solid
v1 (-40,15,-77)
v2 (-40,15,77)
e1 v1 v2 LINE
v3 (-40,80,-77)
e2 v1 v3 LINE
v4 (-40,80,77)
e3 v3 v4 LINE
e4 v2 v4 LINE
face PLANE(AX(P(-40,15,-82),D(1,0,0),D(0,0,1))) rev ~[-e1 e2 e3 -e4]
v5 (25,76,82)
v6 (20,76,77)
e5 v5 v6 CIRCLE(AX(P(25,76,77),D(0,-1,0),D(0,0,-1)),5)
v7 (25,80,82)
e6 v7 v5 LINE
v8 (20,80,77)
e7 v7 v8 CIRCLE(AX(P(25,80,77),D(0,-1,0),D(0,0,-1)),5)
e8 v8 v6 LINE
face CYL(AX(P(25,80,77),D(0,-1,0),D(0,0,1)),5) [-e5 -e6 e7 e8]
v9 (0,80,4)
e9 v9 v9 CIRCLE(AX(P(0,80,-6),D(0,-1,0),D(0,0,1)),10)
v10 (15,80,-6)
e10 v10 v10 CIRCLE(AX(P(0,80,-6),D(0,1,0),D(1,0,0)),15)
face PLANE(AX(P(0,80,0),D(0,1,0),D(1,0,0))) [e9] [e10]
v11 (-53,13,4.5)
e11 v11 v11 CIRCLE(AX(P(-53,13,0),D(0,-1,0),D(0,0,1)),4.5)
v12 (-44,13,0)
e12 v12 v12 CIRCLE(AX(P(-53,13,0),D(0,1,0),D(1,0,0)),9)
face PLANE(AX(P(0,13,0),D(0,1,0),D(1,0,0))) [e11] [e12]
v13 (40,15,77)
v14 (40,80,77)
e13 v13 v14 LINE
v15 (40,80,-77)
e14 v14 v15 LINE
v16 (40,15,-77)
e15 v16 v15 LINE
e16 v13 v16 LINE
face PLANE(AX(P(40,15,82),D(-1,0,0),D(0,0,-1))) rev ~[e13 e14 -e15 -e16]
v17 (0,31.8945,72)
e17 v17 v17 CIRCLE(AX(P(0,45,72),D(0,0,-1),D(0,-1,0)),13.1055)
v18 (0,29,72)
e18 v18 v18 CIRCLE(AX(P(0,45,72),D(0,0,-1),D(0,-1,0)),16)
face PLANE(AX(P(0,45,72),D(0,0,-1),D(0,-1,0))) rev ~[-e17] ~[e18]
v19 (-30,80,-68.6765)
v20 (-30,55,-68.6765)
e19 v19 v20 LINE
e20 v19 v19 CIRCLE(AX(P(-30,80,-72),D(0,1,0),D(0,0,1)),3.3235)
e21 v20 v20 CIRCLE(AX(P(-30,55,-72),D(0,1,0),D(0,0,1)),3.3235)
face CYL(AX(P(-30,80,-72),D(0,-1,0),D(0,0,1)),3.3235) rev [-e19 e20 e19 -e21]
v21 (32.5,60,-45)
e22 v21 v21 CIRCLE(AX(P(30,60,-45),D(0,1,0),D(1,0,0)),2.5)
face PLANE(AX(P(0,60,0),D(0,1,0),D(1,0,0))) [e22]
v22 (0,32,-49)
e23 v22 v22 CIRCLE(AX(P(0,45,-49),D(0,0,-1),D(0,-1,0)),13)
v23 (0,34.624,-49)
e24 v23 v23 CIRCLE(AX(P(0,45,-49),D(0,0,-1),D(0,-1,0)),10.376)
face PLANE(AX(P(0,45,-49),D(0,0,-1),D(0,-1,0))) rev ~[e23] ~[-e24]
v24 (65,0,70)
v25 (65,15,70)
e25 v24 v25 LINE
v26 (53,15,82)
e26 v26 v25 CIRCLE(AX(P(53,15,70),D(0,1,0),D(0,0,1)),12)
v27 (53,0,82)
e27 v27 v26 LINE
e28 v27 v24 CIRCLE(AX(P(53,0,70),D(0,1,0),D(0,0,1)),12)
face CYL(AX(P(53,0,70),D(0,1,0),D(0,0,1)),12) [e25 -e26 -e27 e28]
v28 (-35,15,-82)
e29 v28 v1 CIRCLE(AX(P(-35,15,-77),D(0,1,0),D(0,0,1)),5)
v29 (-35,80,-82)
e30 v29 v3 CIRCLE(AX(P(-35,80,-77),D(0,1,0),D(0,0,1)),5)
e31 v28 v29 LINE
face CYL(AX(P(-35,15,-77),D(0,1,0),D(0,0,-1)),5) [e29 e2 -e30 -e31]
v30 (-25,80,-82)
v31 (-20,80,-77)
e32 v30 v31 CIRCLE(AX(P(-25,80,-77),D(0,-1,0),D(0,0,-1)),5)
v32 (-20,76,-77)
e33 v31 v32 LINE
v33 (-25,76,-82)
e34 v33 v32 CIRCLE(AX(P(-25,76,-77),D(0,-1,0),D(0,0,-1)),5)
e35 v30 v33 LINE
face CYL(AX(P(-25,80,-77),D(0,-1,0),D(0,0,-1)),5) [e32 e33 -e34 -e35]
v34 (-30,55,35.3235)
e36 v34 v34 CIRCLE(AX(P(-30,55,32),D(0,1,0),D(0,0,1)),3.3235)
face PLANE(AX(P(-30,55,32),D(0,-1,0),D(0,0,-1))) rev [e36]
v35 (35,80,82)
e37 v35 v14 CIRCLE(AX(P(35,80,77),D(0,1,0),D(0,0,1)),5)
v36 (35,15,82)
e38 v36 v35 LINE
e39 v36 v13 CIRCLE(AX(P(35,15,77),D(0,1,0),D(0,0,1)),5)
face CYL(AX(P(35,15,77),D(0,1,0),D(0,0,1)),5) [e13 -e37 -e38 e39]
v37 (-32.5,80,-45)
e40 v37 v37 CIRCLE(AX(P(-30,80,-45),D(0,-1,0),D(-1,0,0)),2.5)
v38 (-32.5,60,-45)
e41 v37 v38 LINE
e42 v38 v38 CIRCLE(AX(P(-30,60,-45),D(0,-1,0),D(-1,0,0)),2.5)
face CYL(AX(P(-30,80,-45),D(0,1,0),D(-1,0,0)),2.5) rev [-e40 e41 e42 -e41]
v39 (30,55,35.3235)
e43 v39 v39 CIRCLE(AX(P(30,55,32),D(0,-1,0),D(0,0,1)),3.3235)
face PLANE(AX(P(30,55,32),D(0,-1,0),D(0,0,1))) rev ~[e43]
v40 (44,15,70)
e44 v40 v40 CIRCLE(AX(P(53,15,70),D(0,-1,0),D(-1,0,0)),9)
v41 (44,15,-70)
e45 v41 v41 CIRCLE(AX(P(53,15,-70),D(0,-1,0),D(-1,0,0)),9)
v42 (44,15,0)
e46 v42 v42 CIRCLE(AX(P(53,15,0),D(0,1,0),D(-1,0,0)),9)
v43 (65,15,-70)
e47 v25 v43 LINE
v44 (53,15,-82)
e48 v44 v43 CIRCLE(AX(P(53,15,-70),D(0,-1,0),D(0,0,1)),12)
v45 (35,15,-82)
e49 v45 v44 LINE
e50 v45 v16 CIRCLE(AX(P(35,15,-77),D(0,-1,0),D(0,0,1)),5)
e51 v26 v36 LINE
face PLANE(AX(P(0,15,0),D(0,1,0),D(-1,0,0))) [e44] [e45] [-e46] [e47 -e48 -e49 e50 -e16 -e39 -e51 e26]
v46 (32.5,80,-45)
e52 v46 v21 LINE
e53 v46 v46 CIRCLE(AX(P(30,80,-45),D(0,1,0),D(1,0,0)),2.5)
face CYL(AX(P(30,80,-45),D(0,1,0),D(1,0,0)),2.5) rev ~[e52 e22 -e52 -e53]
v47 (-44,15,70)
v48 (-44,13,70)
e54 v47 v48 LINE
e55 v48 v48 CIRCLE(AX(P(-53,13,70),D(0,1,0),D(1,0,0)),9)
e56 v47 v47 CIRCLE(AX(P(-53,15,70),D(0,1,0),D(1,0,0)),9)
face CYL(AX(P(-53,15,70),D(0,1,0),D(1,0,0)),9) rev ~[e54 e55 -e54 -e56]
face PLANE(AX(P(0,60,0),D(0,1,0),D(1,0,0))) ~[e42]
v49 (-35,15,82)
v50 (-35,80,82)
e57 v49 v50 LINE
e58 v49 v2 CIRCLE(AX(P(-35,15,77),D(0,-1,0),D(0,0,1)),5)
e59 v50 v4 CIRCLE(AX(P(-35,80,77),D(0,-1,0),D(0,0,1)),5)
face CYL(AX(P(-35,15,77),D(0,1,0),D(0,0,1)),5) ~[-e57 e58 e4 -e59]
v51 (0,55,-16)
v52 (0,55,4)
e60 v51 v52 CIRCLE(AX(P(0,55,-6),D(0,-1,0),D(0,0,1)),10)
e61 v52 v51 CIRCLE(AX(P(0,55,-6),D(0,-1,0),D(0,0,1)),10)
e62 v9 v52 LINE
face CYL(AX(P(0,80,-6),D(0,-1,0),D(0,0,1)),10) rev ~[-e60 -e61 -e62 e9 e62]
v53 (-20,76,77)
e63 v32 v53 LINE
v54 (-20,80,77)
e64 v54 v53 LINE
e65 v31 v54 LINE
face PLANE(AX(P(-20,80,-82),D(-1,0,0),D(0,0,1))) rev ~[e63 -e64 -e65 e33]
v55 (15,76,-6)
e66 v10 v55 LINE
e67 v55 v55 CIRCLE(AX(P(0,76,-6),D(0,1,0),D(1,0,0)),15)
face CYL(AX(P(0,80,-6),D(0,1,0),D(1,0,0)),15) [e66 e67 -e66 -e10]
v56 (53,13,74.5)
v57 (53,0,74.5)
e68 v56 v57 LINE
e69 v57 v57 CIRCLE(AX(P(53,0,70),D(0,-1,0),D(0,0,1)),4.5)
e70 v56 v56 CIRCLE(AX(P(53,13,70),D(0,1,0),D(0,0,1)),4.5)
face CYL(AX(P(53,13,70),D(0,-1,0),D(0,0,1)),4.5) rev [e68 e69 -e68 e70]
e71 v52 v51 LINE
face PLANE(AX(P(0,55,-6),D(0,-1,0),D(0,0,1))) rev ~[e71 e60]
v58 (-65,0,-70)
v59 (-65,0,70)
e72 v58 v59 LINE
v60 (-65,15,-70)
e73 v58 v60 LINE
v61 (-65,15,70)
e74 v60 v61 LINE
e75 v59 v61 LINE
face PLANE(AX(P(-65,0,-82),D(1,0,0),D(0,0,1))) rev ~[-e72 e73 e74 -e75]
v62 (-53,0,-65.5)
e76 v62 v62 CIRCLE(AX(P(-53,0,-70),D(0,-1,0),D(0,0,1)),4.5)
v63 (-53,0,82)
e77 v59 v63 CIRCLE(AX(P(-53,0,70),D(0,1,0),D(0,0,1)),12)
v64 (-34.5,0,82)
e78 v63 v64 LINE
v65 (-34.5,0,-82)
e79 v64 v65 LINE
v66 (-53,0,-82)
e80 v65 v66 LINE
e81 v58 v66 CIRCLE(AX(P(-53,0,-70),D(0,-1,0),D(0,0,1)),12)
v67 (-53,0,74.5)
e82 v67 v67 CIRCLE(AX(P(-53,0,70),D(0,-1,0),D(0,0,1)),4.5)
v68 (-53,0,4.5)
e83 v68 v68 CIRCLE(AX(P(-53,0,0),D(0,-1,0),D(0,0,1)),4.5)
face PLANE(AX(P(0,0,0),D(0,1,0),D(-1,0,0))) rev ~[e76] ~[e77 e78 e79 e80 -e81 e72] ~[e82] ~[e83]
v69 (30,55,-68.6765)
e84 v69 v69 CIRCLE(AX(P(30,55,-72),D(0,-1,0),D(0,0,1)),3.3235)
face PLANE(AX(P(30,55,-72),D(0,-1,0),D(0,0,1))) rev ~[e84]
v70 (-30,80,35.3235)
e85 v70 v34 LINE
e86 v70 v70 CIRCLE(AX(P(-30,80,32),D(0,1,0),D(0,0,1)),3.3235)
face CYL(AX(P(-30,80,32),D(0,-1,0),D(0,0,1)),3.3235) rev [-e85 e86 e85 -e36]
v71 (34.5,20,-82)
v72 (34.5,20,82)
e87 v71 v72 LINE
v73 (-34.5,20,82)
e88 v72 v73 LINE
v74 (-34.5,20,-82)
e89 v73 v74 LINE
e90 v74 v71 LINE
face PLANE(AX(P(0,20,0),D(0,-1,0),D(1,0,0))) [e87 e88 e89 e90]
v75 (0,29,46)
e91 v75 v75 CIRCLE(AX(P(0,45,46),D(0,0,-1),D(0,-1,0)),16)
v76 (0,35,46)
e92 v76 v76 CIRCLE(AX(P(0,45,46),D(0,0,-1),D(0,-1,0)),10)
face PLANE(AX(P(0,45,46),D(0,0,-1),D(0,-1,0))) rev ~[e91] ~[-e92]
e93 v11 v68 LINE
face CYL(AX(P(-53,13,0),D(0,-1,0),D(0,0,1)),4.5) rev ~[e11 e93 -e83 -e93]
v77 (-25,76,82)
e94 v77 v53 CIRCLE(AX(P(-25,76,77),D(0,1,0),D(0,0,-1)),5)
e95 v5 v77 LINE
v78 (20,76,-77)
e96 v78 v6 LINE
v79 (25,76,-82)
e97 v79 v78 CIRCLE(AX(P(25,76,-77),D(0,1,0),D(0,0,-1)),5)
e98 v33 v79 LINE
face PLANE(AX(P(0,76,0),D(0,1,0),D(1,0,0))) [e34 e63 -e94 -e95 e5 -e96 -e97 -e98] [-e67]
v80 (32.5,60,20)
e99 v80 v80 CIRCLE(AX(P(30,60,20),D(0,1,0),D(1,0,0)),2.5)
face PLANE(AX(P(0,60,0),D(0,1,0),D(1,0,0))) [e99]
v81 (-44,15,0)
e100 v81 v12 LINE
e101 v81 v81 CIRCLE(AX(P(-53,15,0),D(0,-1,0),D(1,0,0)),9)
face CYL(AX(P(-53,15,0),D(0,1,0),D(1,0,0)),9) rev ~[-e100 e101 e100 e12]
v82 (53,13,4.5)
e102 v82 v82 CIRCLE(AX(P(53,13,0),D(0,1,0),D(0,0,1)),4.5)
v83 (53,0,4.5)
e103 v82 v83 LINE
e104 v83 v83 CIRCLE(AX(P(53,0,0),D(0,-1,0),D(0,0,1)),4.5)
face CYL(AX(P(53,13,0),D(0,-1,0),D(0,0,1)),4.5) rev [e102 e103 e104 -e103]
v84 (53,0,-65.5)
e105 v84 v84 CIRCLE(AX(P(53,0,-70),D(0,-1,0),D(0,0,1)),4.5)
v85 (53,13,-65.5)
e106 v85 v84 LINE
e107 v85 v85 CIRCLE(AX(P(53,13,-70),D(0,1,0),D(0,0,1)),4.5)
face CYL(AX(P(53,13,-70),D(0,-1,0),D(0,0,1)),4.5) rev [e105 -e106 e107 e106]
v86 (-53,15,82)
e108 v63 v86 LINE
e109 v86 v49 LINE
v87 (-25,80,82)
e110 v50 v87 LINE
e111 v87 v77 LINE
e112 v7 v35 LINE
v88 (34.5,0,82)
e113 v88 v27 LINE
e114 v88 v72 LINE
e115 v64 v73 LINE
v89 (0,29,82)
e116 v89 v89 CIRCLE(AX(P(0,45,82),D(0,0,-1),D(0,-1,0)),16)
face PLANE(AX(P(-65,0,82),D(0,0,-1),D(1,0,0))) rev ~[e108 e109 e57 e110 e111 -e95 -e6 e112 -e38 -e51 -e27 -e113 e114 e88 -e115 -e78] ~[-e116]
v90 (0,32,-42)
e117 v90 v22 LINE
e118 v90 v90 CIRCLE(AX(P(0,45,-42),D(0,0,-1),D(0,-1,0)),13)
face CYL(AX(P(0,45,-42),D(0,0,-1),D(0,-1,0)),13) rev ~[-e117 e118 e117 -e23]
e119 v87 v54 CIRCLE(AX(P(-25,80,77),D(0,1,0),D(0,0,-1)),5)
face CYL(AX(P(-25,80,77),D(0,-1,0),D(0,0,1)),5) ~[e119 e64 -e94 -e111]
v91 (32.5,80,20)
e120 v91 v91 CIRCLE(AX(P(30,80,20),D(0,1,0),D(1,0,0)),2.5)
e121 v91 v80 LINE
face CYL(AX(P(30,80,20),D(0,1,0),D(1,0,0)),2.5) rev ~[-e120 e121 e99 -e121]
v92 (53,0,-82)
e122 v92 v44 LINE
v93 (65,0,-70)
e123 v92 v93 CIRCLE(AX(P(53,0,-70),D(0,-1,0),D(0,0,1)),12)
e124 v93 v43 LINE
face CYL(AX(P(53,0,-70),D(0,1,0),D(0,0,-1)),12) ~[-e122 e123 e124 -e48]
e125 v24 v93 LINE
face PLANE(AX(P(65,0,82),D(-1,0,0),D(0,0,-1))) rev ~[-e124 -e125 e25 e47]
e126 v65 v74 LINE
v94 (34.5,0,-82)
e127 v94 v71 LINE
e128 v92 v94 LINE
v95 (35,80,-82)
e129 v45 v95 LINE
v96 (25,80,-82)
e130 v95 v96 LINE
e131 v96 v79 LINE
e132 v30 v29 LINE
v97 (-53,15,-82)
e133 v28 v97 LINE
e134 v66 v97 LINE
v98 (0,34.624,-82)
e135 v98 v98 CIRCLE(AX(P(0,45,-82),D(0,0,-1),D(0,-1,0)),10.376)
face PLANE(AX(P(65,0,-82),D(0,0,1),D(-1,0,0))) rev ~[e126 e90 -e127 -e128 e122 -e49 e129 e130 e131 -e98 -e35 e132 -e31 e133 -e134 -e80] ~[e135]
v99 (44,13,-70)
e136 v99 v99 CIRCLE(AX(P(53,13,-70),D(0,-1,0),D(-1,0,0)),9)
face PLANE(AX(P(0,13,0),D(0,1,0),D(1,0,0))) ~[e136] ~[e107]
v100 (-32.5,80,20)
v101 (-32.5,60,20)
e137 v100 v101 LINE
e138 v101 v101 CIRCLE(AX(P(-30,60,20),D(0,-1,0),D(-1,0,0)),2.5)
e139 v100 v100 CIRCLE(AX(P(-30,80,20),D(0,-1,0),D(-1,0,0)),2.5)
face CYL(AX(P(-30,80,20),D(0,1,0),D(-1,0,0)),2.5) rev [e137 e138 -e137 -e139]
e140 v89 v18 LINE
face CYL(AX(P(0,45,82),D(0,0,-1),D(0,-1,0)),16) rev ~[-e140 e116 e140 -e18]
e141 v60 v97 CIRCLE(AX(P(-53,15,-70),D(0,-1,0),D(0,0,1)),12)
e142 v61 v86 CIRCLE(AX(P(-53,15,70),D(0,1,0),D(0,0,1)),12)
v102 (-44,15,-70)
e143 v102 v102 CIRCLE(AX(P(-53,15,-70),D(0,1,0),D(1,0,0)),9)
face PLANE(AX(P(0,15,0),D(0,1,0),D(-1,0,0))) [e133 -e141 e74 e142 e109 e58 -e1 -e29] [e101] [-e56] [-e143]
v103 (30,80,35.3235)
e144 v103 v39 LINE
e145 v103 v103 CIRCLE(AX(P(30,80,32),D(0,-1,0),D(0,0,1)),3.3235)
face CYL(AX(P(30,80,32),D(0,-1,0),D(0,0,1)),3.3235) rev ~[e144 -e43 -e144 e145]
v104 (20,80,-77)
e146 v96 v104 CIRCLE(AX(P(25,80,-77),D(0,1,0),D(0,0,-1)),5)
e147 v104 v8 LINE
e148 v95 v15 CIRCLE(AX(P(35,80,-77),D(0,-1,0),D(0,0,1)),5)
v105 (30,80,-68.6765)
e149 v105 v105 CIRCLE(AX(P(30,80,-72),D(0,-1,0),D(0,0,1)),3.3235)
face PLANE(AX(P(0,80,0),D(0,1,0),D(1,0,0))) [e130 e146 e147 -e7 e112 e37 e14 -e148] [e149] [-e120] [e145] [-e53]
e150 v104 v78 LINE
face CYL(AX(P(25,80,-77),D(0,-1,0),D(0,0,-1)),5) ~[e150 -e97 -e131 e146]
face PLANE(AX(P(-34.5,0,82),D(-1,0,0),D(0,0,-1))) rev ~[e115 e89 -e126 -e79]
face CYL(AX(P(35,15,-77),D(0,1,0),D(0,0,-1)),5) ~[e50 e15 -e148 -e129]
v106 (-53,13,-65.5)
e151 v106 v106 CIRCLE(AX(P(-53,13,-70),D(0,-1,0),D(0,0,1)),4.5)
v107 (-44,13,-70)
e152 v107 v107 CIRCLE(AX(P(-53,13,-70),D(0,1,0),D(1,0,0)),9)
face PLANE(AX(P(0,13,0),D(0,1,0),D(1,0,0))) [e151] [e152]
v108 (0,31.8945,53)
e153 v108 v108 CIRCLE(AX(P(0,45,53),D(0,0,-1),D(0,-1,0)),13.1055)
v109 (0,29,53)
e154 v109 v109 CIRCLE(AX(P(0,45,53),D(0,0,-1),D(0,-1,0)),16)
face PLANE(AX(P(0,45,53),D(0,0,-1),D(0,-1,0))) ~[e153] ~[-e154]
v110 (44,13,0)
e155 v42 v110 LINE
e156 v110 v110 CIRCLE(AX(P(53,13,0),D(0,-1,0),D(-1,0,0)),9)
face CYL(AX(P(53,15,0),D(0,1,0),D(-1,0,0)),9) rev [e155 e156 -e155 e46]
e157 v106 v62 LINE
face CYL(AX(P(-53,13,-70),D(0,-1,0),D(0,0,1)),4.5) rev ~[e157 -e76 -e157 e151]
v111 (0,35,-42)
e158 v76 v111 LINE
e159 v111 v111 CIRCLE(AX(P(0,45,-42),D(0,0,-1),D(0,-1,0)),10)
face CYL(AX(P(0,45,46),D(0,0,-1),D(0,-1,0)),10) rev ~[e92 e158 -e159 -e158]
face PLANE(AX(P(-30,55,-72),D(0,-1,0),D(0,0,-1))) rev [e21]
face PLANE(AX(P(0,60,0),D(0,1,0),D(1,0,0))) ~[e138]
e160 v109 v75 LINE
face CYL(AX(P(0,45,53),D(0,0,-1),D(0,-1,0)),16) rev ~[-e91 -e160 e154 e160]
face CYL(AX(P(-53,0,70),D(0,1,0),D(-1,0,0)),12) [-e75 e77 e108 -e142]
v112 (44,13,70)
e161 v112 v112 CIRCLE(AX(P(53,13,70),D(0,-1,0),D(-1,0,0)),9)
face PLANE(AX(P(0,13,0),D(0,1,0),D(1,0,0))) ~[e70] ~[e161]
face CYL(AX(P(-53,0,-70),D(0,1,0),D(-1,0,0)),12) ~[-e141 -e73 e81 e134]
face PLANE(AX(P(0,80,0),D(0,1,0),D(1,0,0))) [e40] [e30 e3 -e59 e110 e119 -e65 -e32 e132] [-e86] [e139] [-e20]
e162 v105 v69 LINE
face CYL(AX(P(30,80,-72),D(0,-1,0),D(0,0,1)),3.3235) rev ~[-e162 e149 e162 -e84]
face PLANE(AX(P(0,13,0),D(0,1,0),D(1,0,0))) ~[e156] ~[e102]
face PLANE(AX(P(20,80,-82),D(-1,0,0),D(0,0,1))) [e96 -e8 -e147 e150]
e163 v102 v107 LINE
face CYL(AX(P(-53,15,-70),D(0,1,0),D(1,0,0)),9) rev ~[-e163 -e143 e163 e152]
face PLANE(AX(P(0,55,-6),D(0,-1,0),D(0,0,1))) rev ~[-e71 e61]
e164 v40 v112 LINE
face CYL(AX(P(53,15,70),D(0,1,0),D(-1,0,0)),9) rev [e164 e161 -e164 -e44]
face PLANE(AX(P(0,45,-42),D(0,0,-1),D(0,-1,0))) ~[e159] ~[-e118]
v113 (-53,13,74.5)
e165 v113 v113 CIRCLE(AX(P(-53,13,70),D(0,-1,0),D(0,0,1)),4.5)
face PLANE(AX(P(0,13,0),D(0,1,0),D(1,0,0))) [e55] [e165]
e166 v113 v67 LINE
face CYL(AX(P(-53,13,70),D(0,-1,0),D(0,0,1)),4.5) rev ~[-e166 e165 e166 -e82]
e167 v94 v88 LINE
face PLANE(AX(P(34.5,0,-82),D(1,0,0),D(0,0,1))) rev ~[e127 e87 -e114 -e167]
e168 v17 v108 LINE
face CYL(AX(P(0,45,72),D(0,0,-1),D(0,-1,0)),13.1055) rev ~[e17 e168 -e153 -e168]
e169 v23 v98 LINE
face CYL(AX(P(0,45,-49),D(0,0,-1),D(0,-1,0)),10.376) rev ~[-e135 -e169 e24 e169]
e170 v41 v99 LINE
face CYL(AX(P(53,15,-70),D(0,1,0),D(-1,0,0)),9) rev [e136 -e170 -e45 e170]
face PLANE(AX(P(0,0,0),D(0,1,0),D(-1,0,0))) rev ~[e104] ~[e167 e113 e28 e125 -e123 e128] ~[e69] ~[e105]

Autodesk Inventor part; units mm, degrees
ref_plane "YZ Plane" through (0, 0, 0) normal (1, 0, 0) x (0, 1, 0)
ref_plane "XZ Plane" through (0, 0, 0) normal (0, 1, 0) x (-1, 0, 0)
ref_plane "XY Plane" through (0, 0, 0) normal (0, 0, 1) x (1, 0, 0)
sketch "草图1" plane through (0, 0, 0) normal (0, 1, 0) x (-1, 0, 0)
  line L0 (65, 82) -> (-65, 82)
  line L1 (-65, 82) -> (-65, -82)
  line L2 (-65, -82) -> (65, -82)
  line L3 (65, -82) -> (65, 82)
  line L4 (65, 82) -> (-65, -82) construction
  line L5 (-65, 82) -> (65, -82) construction
  point P0 (0, 0)
  dimension "d0" = 130
  dimension "d1" = 164
extrude "拉伸1" add sketch "草图1" along normal blind 15
sketch "草图2" plane through (0, 15, 0) normal (0, 1, 0) x (1, 0, 0)
  line L0 (-40, -82) -> (40, -82)
  line L1 (40, -82) -> (40, 82)
  line L2 (40, 82) -> (-40, 82)
  line L3 (-40, 82) -> (-40, -82)
  line L4 (-40, -82) -> (40, 82) construction
  line L5 (40, -82) -> (-40, 82) construction
  point P0 (0, 0)
  dimension "d4" = 80
  dimension "d5" = 164
extrude "拉伸2" add sketch "草图2" along normal blind 65
sketch "草图3" plane through (0, 0, 0) normal (0, -1, 0) x (1, 0, 0)
  line L0 (34.5, 82) -> (-34.5, 82)
  line L1 (-34.5, 82) -> (-34.5, -82)
  line L2 (-34.5, -82) -> (34.5, -82)
  line L3 (34.5, -82) -> (34.5, 82)
  line L4 (34.5, 82) -> (-34.5, -82) construction
  line L5 (-34.5, 82) -> (34.5, -82) construction
  point P0 (0, 0)
  dimension "d8" = 69
  dimension "d9" = 164
extrude "拉伸3" cut sketch "草图3" against normal blind 20
sketch "草图10" plane through (0, 80, 0) normal (0, 1, 0) x (1, 0, 0)
  line L0 (40, -82) -> (40, 82) projected
  line L1 (40, 82) -> (-40, 82) projected
  line L2 (-40, 82) -> (-40, -82) projected
  line L3 (-40, -82) -> (40, -82) projected
  arc A0 (10, 6) -> (-10, 6) centre (0, 6) ccw projected
  circle A1 centre (0, 6) radius 15
  line L4 (40, 82) -> (-40, 82) projected
  line L5 (-20, 82) -> (-20, -82)
  line L6 (-34.5, -82) -> (34.5, -82) projected
  line L7 (20, 82) -> (20, -82)
  line L8 (-40, -82) -> (40, -82) projected
  point P0 (0, 0)
  dimension "d66" = 30
  dimension "d67" = 20
  dimension "d68" = 20
extrude "拉伸4" cut sketch "草图10" against normal blind 4 contours L7 L3 L5 L1
sketch "草图28" plane through (0, 80, -6) normal (0, 1, 0) x (1, 0, 0)
  circle A0 centre (0, 0) radius 15 projected
  point P0 (0, -6)
hole "孔19" at (0, 80, -6) direction (0, -1, 0) diameter 20 depth 25
sketch "草图39" plane through (0, 80, 0) normal (0, 1, 0) x (1, 0, 0)
  line L0 (0, -4) -> (0, 16) projected
  line L1 (40, 82) -> (20, 82) projected
  circle A0 centre (30, 45) radius 2.5
  circle A1 centre (30, -20) radius 2.5
  point P0 (0, 0)
  dimension "d287" = 5
  dimension "d289" = 5
  dimension "d290" = 65
extrude "拉伸9" cut sketch "草图39" against normal blind 20
sketch "草图40" plane through (0, 80, 0) normal (0, 1, 0) x (1, 0, 0)
  circle A0 centre (30, 45) radius 2.5 projected
  circle A1 centre (30, 72) radius 4
  point P0 (0, 0)
  dimension "d295" = 8
  dimension "d296" = 27
hole "孔26" at (30, 80, -72) direction (0, -1, 0) diameter 6.647 depth 25 thread size "M8x1.25" designation "M8" class "6H" standard "GB Metric profile"
sketch "草图41" plane through (0, 80, 0) normal (0, 1, 0) x (1, 0, 0)
  circle A0 centre (30, -20) radius 2.5 projected
  point P0 (0, 0)
  point P1 (30, -32)
  dimension "d304" = 12
hole "孔27" at (30, 80, 32) direction (0, -1, 0) diameter 6.647 depth 25 thread size "M8x1.25" designation "M8" class "6H" standard "GB Metric profile"
mirror "镜像10" about plane through (0, 0, 0) normal (1, 0, 0) of "孔26", "拉伸9", "孔27"
fillet "圆角3" radius 12 4 edges at (-65, 7.5, -82) (-65, 7.5, 82) (65, 7.5, 82) (65, 7.5, -82)
fillet "圆角4" radius 5 8 edges at (20, 78, 82) (20, 78, -82) (40, 47.5, -82) (40, 47.5, 82) (-40, 47.5, 82) (-40, 47.5, -82) (-20, 78, 82) (-20, 78, -82)
sketch "草图42" plane through (-34.5, 20, 82) normal (0, 0, 1) x (1, 0, 0)
  line L0 (69, -20) -> (87.5, -20) projected
  point P0 (34.5, -20)
  point P1 (34.5, 25)
  dimension "d314" = 45
hole "孔28" at (0, 45, 82) direction (0, 0, -1) diameter 26.211 depth 29 counterbore diameter 32 counterbore depth 10 thread size "M30x3.5" designation "M30" class "6H" standard "GB Metric profile"
sketch "草图43" plane through (0, 45, 53) normal (0, 0, 1) x (1, 0, 0)
  circle A0 centre (0, 0) radius 13.1055 projected
  point P0 (0, -45)
hole "孔29" at (0, 45, 53) direction (0, 0, -1) diameter 20 depth 95 counterbore diameter 32 counterbore depth 7
sketch "草图44" plane through (0, 45, -42) normal (0, 0, 1) x (1, 0, 0)
  circle A0 centre (0, 0) radius 10 projected
  point P0 (0, -45)
hole "孔30" at (0, 45, -42) at (0, 45, -42) direction (0, 0, -1) diameter 20.752 end through all counterbore diameter 26 counterbore depth 7 thread size "M24x3" designation "M24" class "6H" standard "GB Metric profile"
sketch "草图45" plane through (0, 15, 0) normal (0, 1, 0) x (1, 0, 0)
  circle A0 centre (-53, 0) radius 9
  line L0 (0, 16) -> (0, -4) projected
  circle A1 centre (-53, -70) radius 9
  line L1 (-44, 0) -> (-62, 0)
  circle A2 centre (-53, 70) radius 9
  point P0 (0, 0)
  dimension "d336" = 18
  dimension "d337" = 53
  dimension "d338" = 18
  dimension "d339" = 70
extrude "拉伸10" cut sketch "草图45" against normal blind 2
sketch "草图46" plane through (-53, 13, 70) normal (0, 1, 0) x (1, 0, 0)
  circle A0 centre (0, 0) radius 9 projected
  point P0 (53, 70)
hole "孔31" at (-53, 13, 70) direction (0, -1, 0) diameter 9 end through all
sketch "草图47" plane through (-53, 13, 0) normal (0, 1, 0) x (1, 0, 0)
  circle A0 centre (0, 0) radius 9 projected
  point P0 (53, 0)
hole "孔32" at (-53, 13, 0) direction (0, -1, 0) diameter 9 end through all
sketch "草图48" plane through (-53, 13, -70) normal (0, 1, 0) x (1, 0, 0)
  circle A0 centre (0, 0) radius 9 projected
  point P0 (53, -70)
hole "孔33" at (-53, 13, -70) direction (0, -1, 0) diameter 9 end through all
mirror "镜像11" about plane through (0, 0, 0) normal (1, 0, 0) of "拉伸10", "孔31", "孔32", "孔33"
properties part number "1-夹具体" material "灰口铁"
